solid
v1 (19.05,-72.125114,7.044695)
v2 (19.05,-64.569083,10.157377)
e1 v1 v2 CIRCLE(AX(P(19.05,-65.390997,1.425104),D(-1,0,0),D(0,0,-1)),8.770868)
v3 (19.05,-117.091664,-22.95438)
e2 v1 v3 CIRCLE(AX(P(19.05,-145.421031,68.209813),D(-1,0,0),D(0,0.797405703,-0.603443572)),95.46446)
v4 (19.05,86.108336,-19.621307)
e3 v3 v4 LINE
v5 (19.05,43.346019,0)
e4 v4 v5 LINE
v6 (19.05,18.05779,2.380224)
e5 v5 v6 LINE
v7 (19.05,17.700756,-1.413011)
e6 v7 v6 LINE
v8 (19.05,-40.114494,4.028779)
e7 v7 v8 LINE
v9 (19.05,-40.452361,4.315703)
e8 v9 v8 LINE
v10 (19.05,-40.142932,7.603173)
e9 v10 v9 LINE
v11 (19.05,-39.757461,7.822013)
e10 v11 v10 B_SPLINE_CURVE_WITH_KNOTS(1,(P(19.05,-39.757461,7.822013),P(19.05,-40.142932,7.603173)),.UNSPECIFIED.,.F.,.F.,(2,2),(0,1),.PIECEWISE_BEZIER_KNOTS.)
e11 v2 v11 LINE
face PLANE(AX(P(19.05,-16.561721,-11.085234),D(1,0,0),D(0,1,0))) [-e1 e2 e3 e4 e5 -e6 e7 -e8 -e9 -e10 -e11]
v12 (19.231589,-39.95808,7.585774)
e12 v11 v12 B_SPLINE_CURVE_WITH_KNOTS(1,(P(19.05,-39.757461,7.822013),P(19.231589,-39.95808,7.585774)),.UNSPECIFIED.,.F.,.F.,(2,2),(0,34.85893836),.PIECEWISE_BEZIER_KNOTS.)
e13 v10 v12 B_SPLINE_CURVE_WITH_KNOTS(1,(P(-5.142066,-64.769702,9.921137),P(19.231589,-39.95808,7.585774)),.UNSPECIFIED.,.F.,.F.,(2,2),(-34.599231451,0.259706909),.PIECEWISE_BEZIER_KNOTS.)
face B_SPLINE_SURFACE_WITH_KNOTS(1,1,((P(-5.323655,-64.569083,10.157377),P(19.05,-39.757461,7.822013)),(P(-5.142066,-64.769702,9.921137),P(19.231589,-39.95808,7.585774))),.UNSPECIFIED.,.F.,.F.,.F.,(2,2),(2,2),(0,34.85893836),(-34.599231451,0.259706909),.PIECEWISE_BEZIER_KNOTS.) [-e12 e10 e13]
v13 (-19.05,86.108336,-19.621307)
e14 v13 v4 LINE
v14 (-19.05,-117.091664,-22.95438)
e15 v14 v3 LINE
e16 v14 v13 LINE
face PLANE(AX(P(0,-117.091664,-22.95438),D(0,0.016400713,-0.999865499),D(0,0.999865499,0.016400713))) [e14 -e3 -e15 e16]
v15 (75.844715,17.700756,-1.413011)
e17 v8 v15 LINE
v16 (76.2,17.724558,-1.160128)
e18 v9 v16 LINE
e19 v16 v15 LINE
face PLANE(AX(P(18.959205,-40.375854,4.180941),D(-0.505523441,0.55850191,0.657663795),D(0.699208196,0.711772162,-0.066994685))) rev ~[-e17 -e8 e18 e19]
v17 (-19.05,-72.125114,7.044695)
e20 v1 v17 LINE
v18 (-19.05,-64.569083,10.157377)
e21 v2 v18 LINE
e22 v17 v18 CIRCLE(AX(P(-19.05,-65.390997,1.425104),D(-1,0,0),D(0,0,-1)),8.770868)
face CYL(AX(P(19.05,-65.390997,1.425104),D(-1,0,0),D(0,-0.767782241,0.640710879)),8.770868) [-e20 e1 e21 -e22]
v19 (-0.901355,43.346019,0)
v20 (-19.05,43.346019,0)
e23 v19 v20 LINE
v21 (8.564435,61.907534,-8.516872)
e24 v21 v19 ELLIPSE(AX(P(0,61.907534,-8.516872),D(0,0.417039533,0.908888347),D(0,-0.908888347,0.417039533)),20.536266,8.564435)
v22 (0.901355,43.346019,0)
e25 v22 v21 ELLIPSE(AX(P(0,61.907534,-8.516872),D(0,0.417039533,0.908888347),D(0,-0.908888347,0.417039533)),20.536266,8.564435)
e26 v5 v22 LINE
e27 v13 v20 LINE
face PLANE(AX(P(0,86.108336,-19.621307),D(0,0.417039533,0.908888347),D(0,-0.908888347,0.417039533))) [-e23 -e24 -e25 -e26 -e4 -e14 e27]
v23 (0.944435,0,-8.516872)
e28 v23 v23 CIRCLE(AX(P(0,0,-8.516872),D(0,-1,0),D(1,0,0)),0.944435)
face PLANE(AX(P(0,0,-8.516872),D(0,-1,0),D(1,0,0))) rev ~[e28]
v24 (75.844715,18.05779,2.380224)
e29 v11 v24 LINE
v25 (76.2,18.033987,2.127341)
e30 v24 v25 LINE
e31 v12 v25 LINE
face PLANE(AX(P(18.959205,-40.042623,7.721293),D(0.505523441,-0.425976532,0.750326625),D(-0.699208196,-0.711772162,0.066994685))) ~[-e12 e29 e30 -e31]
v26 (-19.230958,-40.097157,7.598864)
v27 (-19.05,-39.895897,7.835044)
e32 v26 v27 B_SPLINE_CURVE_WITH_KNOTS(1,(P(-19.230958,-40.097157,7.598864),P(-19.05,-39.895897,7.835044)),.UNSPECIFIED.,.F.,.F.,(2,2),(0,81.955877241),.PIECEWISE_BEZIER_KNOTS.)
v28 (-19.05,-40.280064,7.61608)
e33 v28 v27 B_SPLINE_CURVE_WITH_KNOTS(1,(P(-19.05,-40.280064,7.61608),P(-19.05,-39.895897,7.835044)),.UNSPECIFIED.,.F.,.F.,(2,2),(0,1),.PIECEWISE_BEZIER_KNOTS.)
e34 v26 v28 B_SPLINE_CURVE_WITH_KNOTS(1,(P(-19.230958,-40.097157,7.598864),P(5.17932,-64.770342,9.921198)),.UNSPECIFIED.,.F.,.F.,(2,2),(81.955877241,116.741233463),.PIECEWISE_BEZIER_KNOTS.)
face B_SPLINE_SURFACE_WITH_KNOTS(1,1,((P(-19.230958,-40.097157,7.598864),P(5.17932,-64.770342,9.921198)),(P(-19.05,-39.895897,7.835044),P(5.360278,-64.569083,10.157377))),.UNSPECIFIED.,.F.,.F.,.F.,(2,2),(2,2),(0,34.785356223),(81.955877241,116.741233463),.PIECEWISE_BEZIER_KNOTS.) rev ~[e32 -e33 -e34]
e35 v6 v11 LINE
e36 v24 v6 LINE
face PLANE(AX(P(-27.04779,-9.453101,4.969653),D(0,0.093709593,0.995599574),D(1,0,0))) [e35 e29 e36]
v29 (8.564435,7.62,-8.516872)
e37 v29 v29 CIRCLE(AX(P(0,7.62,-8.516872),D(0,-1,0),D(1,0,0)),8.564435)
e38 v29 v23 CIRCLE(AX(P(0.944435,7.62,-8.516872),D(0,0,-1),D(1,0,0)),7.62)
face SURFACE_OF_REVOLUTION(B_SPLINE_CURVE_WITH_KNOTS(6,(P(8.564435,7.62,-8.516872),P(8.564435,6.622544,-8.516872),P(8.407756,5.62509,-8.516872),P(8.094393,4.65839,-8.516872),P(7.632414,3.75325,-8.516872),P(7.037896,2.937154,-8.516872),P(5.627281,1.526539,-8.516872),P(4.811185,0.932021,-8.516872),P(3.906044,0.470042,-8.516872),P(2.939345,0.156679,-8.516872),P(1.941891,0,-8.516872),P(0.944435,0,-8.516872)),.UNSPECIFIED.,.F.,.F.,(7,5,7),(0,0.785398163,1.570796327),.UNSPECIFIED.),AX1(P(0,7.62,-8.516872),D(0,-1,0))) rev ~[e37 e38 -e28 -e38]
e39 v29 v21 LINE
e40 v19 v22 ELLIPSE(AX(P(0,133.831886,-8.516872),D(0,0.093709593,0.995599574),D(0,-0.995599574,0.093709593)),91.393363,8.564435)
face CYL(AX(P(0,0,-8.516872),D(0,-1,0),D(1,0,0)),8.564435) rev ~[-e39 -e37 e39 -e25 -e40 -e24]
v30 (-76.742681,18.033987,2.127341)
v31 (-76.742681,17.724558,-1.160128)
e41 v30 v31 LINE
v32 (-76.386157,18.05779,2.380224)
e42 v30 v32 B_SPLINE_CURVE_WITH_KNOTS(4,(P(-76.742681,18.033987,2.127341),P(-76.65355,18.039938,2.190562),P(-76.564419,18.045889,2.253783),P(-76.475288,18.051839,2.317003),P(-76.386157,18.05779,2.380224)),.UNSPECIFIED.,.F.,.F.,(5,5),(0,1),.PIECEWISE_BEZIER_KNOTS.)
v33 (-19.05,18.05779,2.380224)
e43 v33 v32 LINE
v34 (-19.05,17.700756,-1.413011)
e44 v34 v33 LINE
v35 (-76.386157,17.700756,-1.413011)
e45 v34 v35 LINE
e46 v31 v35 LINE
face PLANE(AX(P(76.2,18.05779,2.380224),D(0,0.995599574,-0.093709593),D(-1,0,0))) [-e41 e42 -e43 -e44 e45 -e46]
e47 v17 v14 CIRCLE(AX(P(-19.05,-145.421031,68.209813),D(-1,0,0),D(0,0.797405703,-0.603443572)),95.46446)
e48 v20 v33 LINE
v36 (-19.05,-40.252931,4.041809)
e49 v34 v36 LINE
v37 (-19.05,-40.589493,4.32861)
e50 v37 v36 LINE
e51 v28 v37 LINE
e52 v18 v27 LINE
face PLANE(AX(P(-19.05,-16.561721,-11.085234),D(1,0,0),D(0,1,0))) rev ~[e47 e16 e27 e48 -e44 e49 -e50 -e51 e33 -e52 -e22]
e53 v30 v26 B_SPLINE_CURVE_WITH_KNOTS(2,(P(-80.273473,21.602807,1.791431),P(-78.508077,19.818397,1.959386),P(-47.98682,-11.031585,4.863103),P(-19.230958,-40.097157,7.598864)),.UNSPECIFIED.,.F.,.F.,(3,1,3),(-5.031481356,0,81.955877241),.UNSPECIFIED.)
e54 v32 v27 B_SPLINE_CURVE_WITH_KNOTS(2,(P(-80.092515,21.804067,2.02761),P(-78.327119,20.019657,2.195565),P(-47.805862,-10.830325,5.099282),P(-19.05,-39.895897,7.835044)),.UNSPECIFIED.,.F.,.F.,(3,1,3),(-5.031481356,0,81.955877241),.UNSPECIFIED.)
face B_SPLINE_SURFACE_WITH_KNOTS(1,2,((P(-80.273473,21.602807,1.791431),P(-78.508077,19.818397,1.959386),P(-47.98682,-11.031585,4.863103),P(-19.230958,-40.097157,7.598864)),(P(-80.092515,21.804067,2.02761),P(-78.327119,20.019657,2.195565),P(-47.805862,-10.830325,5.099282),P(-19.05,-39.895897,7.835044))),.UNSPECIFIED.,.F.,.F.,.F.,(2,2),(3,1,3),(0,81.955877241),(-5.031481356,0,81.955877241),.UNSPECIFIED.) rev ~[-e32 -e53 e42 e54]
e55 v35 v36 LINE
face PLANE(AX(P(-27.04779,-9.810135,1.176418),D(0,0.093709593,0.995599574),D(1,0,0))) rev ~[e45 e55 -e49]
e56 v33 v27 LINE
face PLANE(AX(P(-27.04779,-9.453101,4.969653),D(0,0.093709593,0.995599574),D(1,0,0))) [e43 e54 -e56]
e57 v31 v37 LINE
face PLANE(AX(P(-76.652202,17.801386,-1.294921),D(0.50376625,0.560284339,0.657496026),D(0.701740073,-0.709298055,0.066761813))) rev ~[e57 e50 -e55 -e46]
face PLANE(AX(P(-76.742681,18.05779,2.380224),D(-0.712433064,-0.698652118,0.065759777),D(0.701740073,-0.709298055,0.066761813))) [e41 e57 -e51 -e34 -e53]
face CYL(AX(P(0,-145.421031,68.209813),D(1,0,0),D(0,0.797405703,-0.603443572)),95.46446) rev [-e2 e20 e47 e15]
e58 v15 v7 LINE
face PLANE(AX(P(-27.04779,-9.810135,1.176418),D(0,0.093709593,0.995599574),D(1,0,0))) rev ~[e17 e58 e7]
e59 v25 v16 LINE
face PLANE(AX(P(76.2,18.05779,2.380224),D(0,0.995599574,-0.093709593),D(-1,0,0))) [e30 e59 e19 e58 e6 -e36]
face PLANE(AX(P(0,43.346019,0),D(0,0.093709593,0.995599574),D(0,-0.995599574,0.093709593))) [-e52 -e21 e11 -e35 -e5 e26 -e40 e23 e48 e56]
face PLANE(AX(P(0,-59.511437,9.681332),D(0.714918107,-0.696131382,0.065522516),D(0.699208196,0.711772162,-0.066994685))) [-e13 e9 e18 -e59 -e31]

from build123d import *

# Parameters (mm, degrees)
F1_DEPTH      = 19.05
F1_DEPTH_BACK = 19.05
F2_R          = 8.7708682623
F4_DEPTH      = 3.81
F5_SIZE       = 0.254
F6_R          = 8.5644348715
F7_DEPTH      = 131.826
F8_R          = 7.62


with BuildPart() as f1:
    # F0 (on Right) → F1 (new body, two sides)
    with BuildSketch(Plane.YZ) as f1_sk:
        with BuildLine():
            ThreePointArc((-69.297126121, 10.6023983714), (-90.5654400371, -9.9203811878), (-117.0916636607, -22.9543797277))
            Line((-117.0916636607, -22.9543797277), (86.1083363393, -19.6213065932))
            Line((86.1083363393, -19.6213065932), (43.3460188102, 0))
            Line((43.3460188102, 0), (-69.297126121, 10.6023983714))
        make_face()
    extrude(amount=F1_DEPTH)
    extrude(f1_sk.sketch, amount=-F1_DEPTH_BACK)

    # F2
    f2_edges = [f1.edges().sort_by_distance(p)[0] for p in [
        (0, -69.297126, 10.602398),
    ]]
    fillet(f2_edges, radius=F2_R)

    # F3 (on face) → F4 (join)
    with BuildSketch(Plane(origin=(0, 0.380642539, 4.0440635396), x_dir=(1, 0, 0), z_dir=(0, 0.0937095933, 0.9955995742))):
        Polygon((-76.7426812672, 17.75527787), (0, -60.1567947547), (0, 17.75527787), align=None)
        Polygon((0, 17.75527787), (0, -60.1567947547), (76.2, 17.75527787), align=None)
    extrude(amount=-F4_DEPTH)

    # F5
    f5_edges = [f1.edges().sort_by_distance(p)[0] for p in [
        (47.625, -11.387704, 1.324905),
        (47.625, -11.03067, 5.118139),
        (-47.896341, -11.099236, 5.124593),
        (-47.896341, -11.45627, 1.331359),
    ]]
    chamfer(f5_edges, length=F5_SIZE)

    # F6 (on Front) → F7 (cut)
    with BuildSketch(Plane.XZ):
        with Locations((0, -8.5168717217)):
            Circle(F6_R)
    extrude(amount=-F7_DEPTH, mode=Mode.SUBTRACT)

    # F8
    f8_edges = [f1.edges().sort_by_distance(p)[0] for p in [
        (-8.564435, 0, -8.516872),
    ]]
    fillet(f8_edges, radius=F8_R)


solid = f1.part
